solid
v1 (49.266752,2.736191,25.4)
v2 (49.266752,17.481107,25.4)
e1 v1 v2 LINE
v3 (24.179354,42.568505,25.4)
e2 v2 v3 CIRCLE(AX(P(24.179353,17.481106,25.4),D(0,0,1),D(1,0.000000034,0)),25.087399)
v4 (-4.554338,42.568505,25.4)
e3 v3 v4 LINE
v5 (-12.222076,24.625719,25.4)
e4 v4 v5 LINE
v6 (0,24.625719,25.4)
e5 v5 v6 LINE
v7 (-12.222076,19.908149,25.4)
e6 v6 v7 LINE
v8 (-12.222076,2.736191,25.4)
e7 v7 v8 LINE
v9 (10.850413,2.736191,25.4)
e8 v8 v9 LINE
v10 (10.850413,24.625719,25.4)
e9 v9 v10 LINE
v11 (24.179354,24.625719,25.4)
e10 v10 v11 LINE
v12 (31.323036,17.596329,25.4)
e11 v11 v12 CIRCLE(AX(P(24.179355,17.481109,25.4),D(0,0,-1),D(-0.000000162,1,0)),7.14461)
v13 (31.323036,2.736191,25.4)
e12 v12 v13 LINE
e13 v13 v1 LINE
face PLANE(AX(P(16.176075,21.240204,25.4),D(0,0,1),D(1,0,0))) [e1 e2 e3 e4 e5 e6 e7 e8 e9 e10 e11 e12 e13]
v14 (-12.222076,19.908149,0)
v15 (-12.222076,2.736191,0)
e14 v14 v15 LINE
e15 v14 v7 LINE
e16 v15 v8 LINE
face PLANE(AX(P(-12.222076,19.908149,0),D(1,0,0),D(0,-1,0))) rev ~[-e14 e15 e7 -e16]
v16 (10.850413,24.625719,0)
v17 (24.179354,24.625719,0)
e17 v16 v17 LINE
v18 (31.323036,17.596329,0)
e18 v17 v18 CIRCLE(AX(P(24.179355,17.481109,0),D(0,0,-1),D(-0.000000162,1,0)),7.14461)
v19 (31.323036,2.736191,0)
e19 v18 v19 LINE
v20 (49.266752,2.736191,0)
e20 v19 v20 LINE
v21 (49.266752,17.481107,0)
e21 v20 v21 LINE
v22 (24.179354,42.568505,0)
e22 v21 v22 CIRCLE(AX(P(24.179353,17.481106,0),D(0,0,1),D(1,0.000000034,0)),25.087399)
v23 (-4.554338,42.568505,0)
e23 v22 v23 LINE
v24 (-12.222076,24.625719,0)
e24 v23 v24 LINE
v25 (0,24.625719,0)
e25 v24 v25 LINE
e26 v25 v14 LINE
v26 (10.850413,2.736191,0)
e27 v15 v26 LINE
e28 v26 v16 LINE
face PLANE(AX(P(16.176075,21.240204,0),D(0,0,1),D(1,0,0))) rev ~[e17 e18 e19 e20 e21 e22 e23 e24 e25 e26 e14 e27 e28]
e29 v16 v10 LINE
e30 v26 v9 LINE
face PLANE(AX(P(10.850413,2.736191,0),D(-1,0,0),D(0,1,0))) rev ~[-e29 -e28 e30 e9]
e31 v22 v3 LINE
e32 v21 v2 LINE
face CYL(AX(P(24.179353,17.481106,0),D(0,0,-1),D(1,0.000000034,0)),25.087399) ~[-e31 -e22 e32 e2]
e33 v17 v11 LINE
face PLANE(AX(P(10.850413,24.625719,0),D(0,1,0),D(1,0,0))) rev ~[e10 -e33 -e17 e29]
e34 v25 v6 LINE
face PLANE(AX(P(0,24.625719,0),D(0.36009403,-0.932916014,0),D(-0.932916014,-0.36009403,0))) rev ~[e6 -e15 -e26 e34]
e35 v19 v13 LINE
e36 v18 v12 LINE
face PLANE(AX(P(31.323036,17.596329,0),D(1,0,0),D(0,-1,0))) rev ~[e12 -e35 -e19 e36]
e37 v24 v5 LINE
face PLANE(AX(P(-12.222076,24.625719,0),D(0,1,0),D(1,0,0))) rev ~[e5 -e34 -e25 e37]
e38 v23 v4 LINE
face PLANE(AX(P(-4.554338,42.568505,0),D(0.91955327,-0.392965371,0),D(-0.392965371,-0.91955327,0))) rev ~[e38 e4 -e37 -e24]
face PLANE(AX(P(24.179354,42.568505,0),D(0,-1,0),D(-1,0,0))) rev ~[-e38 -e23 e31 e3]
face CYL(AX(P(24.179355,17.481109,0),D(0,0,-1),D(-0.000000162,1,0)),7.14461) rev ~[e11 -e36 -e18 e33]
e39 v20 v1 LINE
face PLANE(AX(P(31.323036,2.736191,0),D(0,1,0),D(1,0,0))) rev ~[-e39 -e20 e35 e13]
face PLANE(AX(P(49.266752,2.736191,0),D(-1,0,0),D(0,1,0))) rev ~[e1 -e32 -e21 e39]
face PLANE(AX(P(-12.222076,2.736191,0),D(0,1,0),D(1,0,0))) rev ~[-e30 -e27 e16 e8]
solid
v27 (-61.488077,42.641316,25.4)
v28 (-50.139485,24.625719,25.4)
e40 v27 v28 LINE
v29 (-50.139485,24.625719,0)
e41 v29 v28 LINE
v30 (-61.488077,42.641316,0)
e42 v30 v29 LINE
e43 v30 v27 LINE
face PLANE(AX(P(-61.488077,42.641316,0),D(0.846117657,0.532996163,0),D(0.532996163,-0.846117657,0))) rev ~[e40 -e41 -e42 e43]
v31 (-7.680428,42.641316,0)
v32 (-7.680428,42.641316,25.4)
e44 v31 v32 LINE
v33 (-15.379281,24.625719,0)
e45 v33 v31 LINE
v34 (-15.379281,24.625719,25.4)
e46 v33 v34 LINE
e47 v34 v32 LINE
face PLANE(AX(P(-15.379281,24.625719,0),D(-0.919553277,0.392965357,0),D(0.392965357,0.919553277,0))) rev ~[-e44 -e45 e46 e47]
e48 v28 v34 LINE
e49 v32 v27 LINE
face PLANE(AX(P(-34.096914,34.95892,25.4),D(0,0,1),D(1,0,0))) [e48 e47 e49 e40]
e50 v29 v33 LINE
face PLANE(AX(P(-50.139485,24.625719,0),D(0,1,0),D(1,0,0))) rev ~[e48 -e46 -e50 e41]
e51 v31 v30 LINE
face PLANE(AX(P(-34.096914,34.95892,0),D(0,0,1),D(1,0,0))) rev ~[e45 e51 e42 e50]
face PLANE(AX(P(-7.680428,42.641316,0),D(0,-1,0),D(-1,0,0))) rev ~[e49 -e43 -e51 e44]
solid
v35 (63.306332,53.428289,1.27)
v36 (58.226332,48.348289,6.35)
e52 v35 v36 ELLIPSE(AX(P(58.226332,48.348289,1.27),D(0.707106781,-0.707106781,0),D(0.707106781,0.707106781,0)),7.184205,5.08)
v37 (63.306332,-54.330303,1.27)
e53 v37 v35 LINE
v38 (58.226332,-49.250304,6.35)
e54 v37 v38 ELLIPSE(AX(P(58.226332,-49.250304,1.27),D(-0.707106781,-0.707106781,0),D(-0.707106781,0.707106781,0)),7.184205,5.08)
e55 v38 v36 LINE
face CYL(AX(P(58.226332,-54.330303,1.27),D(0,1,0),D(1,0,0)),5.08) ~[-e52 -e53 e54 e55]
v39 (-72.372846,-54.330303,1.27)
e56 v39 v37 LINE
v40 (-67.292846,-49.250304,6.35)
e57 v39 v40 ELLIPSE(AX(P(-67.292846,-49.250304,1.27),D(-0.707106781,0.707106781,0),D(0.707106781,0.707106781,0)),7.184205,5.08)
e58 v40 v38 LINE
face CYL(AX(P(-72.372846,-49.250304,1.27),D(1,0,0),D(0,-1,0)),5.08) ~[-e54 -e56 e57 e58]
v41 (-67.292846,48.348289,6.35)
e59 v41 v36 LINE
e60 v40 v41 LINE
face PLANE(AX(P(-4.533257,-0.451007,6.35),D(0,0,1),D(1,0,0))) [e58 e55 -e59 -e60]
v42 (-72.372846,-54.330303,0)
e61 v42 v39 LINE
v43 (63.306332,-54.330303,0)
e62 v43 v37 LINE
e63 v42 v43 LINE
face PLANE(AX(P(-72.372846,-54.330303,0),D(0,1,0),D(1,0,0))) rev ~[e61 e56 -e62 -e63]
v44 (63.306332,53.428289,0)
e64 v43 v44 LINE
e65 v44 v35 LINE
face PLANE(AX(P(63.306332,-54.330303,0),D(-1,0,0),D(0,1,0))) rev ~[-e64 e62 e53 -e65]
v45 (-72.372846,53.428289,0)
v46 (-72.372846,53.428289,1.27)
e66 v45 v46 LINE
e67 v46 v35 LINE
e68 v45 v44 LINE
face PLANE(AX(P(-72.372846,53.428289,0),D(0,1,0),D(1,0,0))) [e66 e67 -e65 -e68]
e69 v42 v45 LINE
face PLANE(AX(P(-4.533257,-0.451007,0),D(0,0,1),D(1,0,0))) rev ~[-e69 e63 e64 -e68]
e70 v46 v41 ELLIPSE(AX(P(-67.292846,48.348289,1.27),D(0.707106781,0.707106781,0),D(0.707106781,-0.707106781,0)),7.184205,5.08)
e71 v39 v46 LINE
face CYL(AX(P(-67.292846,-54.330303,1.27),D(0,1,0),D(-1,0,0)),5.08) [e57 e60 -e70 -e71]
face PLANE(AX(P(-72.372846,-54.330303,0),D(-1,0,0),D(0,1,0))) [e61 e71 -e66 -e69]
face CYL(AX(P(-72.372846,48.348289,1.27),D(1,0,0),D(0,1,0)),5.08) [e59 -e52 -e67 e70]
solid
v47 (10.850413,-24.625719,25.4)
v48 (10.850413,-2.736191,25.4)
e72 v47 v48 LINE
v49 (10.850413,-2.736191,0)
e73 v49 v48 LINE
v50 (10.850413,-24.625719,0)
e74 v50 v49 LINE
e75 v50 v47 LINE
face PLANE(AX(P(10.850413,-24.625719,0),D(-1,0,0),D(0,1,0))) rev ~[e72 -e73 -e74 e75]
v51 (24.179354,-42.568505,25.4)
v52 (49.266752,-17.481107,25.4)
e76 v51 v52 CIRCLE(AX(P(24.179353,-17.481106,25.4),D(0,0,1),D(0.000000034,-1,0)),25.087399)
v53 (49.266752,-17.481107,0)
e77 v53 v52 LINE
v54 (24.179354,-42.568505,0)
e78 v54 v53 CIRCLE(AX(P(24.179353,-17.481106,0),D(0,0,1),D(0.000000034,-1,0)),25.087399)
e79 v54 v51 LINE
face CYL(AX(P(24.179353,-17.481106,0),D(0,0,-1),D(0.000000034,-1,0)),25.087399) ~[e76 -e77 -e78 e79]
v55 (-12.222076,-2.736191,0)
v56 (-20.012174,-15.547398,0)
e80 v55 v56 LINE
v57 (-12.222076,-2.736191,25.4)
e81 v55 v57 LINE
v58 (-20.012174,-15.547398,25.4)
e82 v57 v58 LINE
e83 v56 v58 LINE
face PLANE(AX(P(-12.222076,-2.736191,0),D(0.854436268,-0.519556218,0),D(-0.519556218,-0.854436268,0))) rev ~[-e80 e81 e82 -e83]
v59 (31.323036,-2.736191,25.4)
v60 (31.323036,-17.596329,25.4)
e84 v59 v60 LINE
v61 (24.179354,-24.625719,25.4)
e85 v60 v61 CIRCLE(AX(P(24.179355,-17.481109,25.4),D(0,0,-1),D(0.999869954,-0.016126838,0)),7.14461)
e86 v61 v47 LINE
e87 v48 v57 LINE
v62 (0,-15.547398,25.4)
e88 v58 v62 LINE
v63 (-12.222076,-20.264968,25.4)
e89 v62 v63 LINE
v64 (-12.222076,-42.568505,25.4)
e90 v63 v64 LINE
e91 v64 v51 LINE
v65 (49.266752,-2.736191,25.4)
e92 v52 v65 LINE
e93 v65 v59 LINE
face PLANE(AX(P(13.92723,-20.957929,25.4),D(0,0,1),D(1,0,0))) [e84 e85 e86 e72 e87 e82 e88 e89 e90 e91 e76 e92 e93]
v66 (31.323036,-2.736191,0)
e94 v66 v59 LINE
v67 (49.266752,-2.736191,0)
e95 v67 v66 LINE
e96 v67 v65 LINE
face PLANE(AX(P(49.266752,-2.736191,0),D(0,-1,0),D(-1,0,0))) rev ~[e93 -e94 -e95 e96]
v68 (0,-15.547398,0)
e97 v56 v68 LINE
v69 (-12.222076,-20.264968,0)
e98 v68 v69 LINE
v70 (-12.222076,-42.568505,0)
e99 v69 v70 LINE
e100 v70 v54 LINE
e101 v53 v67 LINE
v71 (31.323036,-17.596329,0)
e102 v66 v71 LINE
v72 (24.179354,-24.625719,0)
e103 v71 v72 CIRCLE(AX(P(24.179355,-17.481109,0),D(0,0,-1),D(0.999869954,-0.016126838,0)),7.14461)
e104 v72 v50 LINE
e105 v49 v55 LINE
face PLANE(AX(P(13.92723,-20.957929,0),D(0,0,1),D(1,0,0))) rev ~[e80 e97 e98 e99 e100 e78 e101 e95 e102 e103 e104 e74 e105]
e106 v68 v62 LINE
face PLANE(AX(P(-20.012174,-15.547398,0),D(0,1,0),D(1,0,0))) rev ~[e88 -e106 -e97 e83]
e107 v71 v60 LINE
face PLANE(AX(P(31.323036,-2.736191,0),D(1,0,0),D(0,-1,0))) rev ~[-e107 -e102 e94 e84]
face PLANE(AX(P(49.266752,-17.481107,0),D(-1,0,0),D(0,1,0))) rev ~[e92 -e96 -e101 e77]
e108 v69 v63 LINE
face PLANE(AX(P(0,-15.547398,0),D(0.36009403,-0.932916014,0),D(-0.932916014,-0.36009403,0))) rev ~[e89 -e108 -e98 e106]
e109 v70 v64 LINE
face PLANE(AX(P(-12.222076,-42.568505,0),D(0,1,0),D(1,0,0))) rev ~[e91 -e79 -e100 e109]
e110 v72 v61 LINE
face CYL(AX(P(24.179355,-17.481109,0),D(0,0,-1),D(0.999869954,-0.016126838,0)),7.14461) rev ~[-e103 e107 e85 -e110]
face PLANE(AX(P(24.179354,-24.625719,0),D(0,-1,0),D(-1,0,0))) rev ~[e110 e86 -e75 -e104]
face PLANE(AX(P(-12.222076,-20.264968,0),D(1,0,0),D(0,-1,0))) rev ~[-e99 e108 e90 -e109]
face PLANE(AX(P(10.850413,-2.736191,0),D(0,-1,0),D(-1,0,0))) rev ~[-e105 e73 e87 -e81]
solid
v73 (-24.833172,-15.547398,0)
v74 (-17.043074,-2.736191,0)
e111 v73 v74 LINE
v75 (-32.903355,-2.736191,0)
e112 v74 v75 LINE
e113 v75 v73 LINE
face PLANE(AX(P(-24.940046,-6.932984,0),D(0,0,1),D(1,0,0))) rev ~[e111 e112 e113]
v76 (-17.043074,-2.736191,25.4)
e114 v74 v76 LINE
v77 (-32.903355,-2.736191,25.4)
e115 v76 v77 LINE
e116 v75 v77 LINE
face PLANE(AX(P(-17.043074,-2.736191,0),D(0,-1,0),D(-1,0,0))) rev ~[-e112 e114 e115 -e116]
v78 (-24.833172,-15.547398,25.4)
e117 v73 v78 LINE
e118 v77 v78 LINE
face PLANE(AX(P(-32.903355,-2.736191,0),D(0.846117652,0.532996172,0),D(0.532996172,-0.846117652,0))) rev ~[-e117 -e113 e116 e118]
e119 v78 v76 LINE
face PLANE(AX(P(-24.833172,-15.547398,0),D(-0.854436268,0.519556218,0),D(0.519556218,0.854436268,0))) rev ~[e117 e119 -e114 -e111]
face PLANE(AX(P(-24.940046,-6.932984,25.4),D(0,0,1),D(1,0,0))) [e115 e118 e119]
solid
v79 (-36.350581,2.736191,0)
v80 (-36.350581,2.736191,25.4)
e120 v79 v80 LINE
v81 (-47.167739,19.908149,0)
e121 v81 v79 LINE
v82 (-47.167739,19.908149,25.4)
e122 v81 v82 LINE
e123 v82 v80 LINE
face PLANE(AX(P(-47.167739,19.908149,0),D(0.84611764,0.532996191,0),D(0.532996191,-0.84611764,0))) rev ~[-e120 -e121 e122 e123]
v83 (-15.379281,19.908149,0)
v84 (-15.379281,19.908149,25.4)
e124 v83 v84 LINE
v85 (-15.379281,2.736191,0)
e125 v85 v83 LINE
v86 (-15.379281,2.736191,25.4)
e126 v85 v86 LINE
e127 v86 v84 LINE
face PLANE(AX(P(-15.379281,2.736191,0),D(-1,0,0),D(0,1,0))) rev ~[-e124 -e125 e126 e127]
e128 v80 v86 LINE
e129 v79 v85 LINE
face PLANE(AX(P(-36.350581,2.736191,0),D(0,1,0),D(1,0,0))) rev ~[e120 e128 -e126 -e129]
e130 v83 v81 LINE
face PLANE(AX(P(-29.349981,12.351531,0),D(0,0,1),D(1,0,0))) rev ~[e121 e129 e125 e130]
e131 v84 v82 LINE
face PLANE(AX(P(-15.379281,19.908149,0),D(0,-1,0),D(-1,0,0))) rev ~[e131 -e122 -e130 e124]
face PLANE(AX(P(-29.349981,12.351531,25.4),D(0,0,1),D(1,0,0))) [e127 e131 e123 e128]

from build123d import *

# Parameters (mm, degrees)
F1_DEPTH = 25.4
F2_W     = 135.679178
F2_H     = 107.758593
F3_DEPTH = 6.35
F4_R     = 5.08


with BuildPart() as f1:
    # F0 (on Top) → F1 (new body)
    with BuildSketch(Plane.XY):
        Polygon((-47.167739, 19.908149), (-36.350581, 2.736191), (-15.379281, 2.736191), (-15.379281, 19.908149), align=None)
        with BuildLine():
            Line((24.179354, 42.568505), (-4.554338, 42.568505))
            Line((-4.554338, 42.568505), (-12.222076, 24.625719))
            Line((-12.222076, 24.625719), (0, 24.625719))
            Line((0, 24.625719), (-12.222076, 19.908149))
            Line((-12.222076, 19.908149), (-12.222076, 2.736191))
            Line((-12.222076, 2.736191), (10.850413, 2.736191))
            Line((10.850413, 2.736191), (10.850413, 24.625719))
            Line((10.850413, 24.625719), (24.179354, 24.625719))
            ThreePointArc((24.179354, 24.625719), (29.190455, 22.573685), (31.323036, 17.596329))
            Line((31.323036, 17.596329), (31.323036, 2.736191))
            Line((31.323036, 2.736191), (49.266752, 2.736191))
            Line((49.266752, 2.736191), (49.266752, 17.481107))
            ThreePointArc((49.266752, 17.481107), (41.918823, 35.220576), (24.179354, 42.568505))
        make_face()
        with BuildLine():
            Line((10.850413, -2.736191), (-12.222076, -2.736191))
            Line((-12.222076, -2.736191), (-20.012174, -15.547398))
            Line((-20.012174, -15.547398), (0, -15.547398))
            Line((0, -15.547398), (-12.222076, -20.264968))
            Line((-12.222076, -20.264968), (-12.222076, -42.568505))
            Line((-12.222076, -42.568505), (-4.554338, -42.568505))
            Line((-4.554338, -42.568505), (24.179354, -42.568505))
            ThreePointArc((24.179354, -42.568505), (41.918823, -35.220576), (49.266752, -17.481107))
            Line((49.266752, -17.481107), (49.266752, -2.736191))
            Line((49.266752, -2.736191), (31.323036, -2.736191))
            Line((31.323036, -2.736191), (31.323036, -17.596329))
            ThreePointArc((31.323036, -17.596329), (29.190455, -22.573685), (24.179354, -24.625719))
            Line((24.179354, -24.625719), (10.850413, -24.625719))
            Line((10.850413, -24.625719), (10.850413, -2.736191))
        make_face()
        Polygon((-50.139485, 24.625719), (-15.379281, 24.625719), (-7.680428, 42.641316), (-61.488077, 42.641316), align=None)
        Polygon((-32.903355, -2.736191), (-24.833172, -15.547398), (-17.043074, -2.736191), align=None)
    extrude(amount=F1_DEPTH)


with BuildPart() as f3:
    # F2 (on Top) → F3 (new body)
    with BuildSketch(Plane.XY):
        with Locations((-4.533257, -0.451007)):
            Rectangle(F2_W, F2_H)
    extrude(amount=F3_DEPTH)

    # F4
    f4_edges = [f3.edges().sort_by_distance(p)[0] for p in [
        (-4.533257, 53.428289, 6.35),
        (-72.372846, -0.451008, 6.35),
        (63.306332, -0.451008, 6.35),
        (-4.533257, -54.330304, 6.35),
    ]]
    fillet(f4_edges, radius=F4_R)


solid = Compound([f1.part, f3.part])
